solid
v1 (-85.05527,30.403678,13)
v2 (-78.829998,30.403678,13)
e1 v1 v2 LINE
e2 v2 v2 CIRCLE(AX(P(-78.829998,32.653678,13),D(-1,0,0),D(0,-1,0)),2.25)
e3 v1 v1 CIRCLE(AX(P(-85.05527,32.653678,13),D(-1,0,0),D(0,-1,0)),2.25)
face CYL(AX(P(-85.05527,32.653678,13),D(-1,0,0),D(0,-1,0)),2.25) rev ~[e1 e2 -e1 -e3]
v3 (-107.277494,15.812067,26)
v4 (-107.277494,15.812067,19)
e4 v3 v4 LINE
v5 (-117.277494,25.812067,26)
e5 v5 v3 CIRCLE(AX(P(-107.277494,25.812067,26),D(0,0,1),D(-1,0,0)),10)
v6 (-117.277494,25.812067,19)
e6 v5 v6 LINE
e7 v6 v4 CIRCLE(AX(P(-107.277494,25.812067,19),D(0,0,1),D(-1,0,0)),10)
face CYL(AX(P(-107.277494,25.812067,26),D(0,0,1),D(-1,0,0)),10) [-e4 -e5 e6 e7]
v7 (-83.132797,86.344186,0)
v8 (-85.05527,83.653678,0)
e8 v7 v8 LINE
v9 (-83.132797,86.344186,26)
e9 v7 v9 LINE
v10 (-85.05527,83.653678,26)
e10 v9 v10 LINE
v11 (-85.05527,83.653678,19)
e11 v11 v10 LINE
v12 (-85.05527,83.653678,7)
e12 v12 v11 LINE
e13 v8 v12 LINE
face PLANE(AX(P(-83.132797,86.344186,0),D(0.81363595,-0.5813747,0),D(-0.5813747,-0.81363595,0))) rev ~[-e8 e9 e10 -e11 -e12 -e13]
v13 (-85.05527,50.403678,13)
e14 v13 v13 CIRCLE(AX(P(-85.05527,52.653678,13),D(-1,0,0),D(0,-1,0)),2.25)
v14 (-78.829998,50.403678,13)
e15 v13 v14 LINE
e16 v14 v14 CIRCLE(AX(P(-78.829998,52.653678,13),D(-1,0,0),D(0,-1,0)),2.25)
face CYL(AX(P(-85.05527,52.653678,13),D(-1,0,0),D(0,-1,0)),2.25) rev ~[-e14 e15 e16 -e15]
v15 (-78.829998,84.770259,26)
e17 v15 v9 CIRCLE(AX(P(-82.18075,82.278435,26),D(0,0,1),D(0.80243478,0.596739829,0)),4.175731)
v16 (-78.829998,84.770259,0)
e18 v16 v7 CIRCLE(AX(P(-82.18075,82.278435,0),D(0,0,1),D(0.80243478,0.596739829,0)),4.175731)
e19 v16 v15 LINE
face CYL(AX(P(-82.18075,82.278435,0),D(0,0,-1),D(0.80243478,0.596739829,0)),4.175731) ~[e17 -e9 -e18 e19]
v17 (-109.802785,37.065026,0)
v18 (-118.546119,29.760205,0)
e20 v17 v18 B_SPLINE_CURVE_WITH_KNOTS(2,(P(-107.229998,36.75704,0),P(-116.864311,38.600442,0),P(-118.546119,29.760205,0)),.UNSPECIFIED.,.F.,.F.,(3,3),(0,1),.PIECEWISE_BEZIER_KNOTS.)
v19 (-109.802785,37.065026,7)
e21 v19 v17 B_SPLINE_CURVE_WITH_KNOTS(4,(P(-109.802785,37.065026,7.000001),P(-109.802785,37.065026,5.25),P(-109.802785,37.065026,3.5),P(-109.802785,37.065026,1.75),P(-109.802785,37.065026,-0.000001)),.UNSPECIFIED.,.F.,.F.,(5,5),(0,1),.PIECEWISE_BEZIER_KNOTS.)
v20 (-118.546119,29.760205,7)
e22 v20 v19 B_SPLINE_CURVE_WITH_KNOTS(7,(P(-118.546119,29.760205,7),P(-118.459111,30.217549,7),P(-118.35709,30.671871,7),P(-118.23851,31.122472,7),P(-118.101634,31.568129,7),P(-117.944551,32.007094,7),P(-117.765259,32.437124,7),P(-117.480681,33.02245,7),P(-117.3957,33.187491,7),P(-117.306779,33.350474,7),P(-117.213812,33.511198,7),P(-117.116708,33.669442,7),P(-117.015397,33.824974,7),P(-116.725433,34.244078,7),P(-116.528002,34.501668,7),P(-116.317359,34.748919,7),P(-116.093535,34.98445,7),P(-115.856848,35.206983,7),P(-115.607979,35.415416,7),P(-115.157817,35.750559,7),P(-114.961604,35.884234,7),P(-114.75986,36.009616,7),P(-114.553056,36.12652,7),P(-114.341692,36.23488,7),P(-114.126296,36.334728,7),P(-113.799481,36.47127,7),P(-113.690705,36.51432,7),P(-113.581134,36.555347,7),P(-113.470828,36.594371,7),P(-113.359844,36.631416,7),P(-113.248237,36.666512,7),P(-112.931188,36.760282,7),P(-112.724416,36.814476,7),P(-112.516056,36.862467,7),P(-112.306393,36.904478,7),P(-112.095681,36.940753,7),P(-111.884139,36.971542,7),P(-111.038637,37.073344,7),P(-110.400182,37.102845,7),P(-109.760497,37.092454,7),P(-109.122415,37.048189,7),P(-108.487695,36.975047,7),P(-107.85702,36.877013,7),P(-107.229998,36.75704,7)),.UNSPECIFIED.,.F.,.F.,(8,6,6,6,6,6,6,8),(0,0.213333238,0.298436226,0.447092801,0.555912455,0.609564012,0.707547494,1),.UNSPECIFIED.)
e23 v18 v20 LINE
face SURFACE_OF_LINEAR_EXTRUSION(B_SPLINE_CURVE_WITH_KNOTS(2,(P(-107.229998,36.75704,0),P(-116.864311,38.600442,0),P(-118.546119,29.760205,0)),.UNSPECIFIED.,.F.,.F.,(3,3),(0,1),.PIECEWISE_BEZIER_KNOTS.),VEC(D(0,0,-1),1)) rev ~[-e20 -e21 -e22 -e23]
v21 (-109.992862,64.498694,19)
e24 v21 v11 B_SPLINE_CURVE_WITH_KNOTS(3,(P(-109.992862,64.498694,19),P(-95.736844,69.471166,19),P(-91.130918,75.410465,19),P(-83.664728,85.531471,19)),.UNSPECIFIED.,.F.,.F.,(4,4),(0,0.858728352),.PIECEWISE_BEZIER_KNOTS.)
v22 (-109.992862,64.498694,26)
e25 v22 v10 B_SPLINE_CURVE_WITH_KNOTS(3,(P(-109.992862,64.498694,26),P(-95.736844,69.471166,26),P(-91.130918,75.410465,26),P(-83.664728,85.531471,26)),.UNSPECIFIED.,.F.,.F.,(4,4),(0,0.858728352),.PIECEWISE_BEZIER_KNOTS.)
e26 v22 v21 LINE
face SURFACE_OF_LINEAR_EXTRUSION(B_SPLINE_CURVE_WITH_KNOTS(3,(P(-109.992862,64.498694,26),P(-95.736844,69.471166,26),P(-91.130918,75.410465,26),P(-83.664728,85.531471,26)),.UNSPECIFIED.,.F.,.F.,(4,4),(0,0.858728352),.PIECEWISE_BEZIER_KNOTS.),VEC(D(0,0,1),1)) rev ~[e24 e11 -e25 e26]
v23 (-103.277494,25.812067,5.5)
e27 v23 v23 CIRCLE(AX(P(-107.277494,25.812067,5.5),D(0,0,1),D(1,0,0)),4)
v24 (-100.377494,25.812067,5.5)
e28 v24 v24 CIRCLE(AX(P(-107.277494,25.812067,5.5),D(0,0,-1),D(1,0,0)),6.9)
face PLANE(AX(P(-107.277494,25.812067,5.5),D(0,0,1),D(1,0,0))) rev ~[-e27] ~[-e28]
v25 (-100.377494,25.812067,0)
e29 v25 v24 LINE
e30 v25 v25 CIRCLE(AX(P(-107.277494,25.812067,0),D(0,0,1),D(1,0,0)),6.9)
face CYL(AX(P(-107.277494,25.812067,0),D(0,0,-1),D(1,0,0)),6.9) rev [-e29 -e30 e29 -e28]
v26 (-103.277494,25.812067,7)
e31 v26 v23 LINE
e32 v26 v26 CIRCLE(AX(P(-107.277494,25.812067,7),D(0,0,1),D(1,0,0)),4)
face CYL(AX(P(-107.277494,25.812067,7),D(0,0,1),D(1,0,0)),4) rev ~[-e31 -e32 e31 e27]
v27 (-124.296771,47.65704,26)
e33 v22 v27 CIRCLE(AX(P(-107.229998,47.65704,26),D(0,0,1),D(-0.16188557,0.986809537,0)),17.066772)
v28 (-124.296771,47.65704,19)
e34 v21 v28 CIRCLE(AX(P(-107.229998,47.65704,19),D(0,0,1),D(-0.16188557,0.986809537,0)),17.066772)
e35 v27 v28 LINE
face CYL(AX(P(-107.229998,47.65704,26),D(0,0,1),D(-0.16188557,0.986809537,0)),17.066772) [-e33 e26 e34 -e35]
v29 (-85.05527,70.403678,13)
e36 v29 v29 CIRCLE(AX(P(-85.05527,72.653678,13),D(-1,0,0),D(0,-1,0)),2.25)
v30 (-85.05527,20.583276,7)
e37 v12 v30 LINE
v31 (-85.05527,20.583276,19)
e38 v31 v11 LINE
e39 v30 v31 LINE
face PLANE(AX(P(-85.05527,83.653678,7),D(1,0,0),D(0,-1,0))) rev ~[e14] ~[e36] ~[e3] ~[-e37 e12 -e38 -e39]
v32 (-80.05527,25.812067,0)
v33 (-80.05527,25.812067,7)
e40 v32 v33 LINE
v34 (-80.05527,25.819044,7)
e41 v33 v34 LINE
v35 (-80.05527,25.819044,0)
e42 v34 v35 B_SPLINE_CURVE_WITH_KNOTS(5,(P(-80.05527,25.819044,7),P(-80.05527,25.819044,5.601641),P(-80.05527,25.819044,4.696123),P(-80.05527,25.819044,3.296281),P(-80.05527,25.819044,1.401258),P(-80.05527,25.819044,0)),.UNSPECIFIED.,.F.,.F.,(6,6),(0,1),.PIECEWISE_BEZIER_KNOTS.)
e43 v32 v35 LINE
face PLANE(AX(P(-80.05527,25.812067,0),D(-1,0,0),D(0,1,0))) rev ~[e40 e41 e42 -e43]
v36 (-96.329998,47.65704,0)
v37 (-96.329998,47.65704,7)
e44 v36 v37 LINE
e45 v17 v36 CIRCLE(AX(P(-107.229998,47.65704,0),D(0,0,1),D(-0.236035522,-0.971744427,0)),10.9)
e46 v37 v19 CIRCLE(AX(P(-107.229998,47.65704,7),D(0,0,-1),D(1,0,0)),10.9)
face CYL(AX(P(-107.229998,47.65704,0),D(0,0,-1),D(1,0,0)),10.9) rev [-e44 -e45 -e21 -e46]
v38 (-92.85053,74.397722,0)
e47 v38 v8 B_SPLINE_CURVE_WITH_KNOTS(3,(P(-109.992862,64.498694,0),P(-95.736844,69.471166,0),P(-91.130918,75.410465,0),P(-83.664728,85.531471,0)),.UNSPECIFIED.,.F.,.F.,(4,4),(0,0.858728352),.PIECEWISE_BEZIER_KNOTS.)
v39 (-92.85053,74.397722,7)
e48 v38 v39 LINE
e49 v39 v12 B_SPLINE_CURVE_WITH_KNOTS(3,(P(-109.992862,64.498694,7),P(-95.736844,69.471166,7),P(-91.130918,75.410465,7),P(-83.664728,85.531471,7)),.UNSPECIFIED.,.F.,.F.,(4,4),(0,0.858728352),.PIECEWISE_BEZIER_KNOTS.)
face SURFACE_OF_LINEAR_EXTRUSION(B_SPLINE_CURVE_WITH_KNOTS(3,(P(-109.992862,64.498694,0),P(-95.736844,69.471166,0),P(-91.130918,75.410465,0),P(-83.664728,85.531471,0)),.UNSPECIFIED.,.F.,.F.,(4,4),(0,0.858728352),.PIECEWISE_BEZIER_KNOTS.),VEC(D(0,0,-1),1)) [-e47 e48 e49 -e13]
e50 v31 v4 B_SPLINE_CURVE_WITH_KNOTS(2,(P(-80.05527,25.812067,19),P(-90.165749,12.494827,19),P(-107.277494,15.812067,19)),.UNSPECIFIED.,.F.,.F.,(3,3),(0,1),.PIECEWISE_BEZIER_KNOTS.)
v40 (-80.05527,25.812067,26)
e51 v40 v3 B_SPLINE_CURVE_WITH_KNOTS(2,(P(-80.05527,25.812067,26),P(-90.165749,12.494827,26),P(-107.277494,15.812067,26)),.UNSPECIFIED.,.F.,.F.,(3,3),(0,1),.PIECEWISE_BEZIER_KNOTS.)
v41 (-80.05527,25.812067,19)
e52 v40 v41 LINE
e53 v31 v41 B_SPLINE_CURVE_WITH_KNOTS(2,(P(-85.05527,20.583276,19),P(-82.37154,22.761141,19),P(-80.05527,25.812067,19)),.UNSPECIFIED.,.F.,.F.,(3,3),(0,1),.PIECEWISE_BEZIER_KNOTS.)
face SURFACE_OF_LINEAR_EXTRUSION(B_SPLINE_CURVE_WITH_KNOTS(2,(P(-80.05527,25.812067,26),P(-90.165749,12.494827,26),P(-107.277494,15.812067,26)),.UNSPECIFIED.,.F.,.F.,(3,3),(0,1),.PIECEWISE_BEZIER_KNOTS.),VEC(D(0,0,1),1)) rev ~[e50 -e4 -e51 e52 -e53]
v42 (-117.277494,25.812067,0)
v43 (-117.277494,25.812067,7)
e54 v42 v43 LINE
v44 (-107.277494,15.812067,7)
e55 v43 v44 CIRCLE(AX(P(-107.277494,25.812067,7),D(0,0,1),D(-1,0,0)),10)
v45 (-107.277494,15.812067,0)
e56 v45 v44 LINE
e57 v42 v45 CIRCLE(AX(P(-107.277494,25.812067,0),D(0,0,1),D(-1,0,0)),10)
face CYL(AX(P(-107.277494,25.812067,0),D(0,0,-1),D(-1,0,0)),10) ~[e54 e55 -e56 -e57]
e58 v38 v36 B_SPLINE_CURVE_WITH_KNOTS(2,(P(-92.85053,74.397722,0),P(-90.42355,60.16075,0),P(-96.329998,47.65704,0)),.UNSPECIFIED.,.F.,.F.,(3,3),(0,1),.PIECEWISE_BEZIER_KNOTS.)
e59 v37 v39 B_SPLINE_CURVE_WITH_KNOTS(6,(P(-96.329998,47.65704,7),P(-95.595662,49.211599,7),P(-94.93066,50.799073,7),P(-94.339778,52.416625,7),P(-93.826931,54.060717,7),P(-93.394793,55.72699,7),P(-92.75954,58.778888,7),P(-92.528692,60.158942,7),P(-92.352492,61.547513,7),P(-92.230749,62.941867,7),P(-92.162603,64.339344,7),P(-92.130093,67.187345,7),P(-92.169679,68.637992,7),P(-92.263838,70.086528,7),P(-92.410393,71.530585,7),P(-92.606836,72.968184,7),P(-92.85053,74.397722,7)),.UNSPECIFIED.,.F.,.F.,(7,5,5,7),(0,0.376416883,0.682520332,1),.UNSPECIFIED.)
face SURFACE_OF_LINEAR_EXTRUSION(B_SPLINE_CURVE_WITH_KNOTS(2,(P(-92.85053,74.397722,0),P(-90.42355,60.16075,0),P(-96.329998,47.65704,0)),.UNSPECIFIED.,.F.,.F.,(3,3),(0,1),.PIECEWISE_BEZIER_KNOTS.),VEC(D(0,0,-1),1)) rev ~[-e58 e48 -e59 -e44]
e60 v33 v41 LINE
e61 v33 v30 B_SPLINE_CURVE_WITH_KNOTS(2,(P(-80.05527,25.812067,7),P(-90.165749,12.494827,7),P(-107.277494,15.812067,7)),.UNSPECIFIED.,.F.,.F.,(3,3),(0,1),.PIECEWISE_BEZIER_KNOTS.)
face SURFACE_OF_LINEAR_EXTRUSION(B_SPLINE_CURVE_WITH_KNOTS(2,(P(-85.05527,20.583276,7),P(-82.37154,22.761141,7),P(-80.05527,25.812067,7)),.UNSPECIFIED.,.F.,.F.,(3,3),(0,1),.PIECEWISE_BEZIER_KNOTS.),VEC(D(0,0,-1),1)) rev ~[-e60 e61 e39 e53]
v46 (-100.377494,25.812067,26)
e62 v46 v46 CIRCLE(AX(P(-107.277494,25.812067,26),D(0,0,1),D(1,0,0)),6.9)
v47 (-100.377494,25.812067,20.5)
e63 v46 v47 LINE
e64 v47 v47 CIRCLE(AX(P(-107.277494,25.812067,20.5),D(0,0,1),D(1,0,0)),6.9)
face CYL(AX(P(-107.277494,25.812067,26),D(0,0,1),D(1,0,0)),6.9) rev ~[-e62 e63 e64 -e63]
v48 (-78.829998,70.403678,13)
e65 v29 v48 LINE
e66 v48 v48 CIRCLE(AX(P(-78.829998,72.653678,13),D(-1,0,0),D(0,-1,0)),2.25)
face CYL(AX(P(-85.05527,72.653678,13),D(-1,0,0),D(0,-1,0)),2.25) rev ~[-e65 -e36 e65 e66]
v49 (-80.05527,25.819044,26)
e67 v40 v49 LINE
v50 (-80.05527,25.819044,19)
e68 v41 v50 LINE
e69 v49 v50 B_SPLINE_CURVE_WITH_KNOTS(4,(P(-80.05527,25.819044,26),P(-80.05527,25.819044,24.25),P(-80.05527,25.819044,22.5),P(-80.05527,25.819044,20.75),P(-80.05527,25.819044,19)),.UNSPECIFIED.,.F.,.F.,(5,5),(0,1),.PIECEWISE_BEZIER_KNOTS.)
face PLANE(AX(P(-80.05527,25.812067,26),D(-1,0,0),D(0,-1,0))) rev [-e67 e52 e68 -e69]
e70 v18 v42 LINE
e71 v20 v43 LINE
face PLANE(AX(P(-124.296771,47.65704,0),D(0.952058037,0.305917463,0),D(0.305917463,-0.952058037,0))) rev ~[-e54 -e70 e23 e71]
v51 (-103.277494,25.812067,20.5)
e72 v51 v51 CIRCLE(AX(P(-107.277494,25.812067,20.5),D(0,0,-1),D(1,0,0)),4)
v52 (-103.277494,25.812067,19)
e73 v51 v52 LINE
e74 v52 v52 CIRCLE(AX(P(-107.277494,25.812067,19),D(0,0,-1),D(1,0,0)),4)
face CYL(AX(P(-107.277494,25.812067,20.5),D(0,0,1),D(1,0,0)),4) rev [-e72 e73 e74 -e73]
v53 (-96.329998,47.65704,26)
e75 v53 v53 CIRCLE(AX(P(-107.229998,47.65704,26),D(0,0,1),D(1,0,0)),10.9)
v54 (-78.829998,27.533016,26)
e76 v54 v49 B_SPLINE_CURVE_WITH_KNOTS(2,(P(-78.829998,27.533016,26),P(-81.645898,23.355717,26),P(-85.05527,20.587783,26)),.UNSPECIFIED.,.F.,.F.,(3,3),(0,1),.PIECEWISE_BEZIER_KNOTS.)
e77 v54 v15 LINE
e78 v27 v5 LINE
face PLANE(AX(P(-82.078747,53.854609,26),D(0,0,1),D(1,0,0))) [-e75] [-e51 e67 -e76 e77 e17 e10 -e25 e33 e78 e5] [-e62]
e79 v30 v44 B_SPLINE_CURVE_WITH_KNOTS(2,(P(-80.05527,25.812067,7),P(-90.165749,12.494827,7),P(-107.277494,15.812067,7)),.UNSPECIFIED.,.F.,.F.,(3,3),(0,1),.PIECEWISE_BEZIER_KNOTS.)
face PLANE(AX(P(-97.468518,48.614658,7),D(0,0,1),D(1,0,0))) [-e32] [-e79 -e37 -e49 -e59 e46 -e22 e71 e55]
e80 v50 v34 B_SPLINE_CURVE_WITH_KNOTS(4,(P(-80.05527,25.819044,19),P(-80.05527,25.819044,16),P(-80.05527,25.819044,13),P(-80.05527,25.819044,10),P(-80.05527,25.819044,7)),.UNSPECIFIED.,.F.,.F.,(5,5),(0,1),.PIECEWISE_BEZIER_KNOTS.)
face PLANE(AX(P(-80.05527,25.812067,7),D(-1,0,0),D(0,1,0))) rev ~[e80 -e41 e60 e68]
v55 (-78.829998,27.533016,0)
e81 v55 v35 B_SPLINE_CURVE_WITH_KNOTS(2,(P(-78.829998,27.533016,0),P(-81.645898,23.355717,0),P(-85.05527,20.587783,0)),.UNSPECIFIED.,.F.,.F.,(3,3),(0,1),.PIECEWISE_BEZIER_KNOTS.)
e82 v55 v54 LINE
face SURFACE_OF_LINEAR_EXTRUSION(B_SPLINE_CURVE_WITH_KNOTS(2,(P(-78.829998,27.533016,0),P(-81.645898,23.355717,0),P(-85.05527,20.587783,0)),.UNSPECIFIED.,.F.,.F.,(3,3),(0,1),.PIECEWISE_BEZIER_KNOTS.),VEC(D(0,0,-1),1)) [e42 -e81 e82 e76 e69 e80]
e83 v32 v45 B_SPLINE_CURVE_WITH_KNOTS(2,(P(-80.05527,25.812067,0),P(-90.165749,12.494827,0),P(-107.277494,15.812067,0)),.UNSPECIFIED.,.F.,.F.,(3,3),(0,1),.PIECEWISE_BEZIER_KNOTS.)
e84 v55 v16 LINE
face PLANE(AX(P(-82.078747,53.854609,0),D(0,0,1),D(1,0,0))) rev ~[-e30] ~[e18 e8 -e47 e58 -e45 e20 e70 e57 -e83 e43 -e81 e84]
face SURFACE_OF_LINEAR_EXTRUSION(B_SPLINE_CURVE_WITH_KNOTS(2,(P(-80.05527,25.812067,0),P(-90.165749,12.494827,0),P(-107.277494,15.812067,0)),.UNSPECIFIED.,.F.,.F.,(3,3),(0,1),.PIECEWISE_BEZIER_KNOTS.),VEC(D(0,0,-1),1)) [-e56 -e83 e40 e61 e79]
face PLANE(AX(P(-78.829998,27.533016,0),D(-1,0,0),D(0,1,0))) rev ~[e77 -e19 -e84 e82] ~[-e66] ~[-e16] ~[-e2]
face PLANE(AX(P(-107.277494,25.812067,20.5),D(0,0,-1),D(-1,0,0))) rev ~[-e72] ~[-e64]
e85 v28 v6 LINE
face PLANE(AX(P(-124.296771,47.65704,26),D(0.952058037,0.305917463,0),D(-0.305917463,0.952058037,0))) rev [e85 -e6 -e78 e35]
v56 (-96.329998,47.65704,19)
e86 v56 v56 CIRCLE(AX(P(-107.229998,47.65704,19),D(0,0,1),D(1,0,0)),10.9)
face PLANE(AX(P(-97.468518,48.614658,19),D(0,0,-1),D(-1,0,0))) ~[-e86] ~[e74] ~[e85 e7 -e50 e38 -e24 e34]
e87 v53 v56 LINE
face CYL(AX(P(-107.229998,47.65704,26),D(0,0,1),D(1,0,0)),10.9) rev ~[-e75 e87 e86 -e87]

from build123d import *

# Parameters (mm, degrees)
SKETCH1_R           = 6.9
SKETCH1_R_2         = 10.9
BOSS_EXTRUDE1_DEPTH = 7
BOSS_EXTRUDE2_DEPTH = 12
CUT_EXTRUDE1_DEPTH  = 13
BOSS_EXTRUDE3_DEPTH = 26
SKETCH5_R           = 7.973914392
SKETCH5_R_2         = 4
BOSS_EXTRUDE4_DEPTH = 1.5
BOSS_EXTRUDE5_START = -1.5
SKETCH6_R           = 8.491099949
SKETCH6_R_2         = 4
BOSS_EXTRUDE5_DEPTH = 1.5
SKETCH7_R           = 2.25
CUT_EXTRUDE2_DEPTH  = 99.438905233


with BuildPart() as part:
    # Sketch1 → Boss-Extrude1 (new body)
    with BuildSketch(Plane.XY):
        with BuildLine():
            ThreePointArc((-109.99286225, 64.498694041), (-120.238224228, 58.705152002), (-124.296770504, 47.657040238))
            Line((-124.296770504, 47.657040238), (-117.277493754, 25.812066819))
            ThreePointArc((-117.277493754, 25.812066819), (-114.348561566, 18.740999007), (-107.277493754, 15.812066819))
            add(Edge.make_bspline(
                [(-80.055270229, 25.812066819), (-90.16574855, 12.494826539), (-107.277493754, 15.812066819)],
                knots=[0, 0, 0, 1, 1, 1], degree=2))
            Line((-80.055270229, 25.812066819), (-80.055270229, 84.34418562))
            ThreePointArc((-80.055270229, 84.34418562), (-81.43033647, 86.24404293), (-83.664728026, 85.531470589))
            add(Edge.make_bspline(
                [(-109.99286225, 64.498694041), (-95.736844246, 69.471166394), (-91.130917767, 75.410465429), (-83.664728026, 85.531470589)],
                knots=[0, 0, 0, 0, 0.858728352, 0.858728352, 0.858728352, 0.858728352], degree=3))
        make_face()
        with Locations((-107.277493754, 25.812066819)):
            Circle(SKETCH1_R, mode=Mode.SUBTRACT)
        with Locations((-107.22999807, 47.657040238)):
            Circle(SKETCH1_R_2, mode=Mode.SUBTRACT)
    boss_extrude1 = extrude(amount=BOSS_EXTRUDE1_DEPTH)

    # Sketch2 → Boss-Extrude2 (add)
    with BuildSketch(Plane.XY.offset(7)):
        with BuildLine():
            Line((-85.055270217, 83.653678118), (-85.055270217, 20.583275514))
            add(Edge.make_bspline(
                [(-85.055270217, 20.583275514), (-82.371539661, 22.76114127), (-80.055270217, 25.812066834)],
                knots=[0, 0, 0, 1, 1, 1], degree=2))
            Line((-80.055270217, 25.812066834), (-80.055270229, 84.34418562))
            ThreePointArc((-80.055270229, 84.34418562), (-81.43033647, 86.24404293), (-83.664728026, 85.531470589))
            add(Edge.make_bspline(
                [(-83.664728026, 85.531470589), (-84.138702239, 84.888961408), (-84.601149423, 84.263304749), (-85.055270217, 83.653678118)],
                knots=[0, 0, 0, 0, 0.054514432, 0.054514432, 0.054514432, 0.054514432], degree=3))
        make_face()
    extrude(amount=BOSS_EXTRUDE2_DEPTH)

    # Mirror1: Boss-Extrude1 across plane
    add(boss_extrude1.mirror(Plane.XY.offset(13)))

    # Sketch3 → Cut-Extrude1 (cut)
    with BuildSketch(Plane(origin=(0, 0, 0), x_dir=(-1, 0, 0), z_dir=(0, 0, -1))):
        with BuildLine():
            Line((92.850529653, 74.397721592), (144.531216933, 88.865819457))
            Line((144.531216933, 88.865819457), (118.546118501, 29.760204905))
            add(Edge.make_bspline(
                [(107.22999807, 36.757040238), (116.864311021, 38.600442381), (118.546118501, 29.760204905)],
                knots=[0, 0, 0, 1, 1, 1], degree=2))
            ThreePointArc((107.22999807, 36.757040238), (99.522534155, 39.949576323), (96.32999807, 47.657040238))
            add(Edge.make_bspline(
                [(92.850529653, 74.397721592), (90.423550402, 60.160750292), (96.32999807, 47.657040238)],
                knots=[0, 0, 0, 1, 1, 1], degree=2))
        make_face()
    extrude(amount=-CUT_EXTRUDE1_DEPTH, mode=Mode.SUBTRACT)

    # Sketch4 → Boss-Extrude3 (add)
    with BuildSketch(Plane(origin=(0, 0, 0), x_dir=(-1, 0, 0), z_dir=(0, 0, -1))):
        with BuildLine():
            Line((83.132797407, 86.34418562), (85.055270217, 83.653678118))
            Line((85.055270217, 83.653678118), (85.055270214, 20.587782524))
            add(Edge.make_bspline(
                [(78.82999807, 27.533016311), (81.645897876, 23.355716893), (85.055270214, 20.587782524)],
                knots=[0, 0, 0, 1, 1, 1], degree=2))
            Line((78.82999807, 27.533016311), (78.82999807, 84.770259389))
            ThreePointArc((78.82999807, 84.770259389), (80.746261593, 86.200037671), (83.132797407, 86.34418562))
        make_face()
    extrude(amount=-BOSS_EXTRUDE3_DEPTH)

    # Sketch5 → Boss-Extrude4 (add)
    with BuildSketch(Plane.XY.offset(7)):
        with Locations((-107.277493754, 25.812066819)):
            Circle(SKETCH5_R)
        with Locations((-107.277493754, 25.812066819)):
            Circle(SKETCH5_R_2, mode=Mode.SUBTRACT)
    extrude(amount=-BOSS_EXTRUDE4_DEPTH)

    # Sketch6 → Boss-Extrude5 (add)
    with BuildSketch(Plane(origin=(0, 0, 19), x_dir=(-1, 0, 0), z_dir=(0, 0, -1)).offset(BOSS_EXTRUDE5_START)):
        with Locations((107.277493754, 25.812066819)):
            Circle(SKETCH6_R)
        with Locations(Location((107.277493754, 25.812066819, 0), (0, 0, 180))):
            Circle(SKETCH6_R_2, mode=Mode.SUBTRACT)
    extrude(amount=BOSS_EXTRUDE5_DEPTH)

    # Sketch7 → Cut-Extrude2 (cut, through all)
    with BuildSketch(Plane.ZY.offset(85.055270217)):
        with Locations(Location((13, 32.653678118, 0), (0, 0, 270))):
            Circle(SKETCH7_R)
        with Locations(Location((13, 52.653678118, 0), (0, 0, 270))):
            Circle(SKETCH7_R)
        with Locations(Location((13, 72.653678118, 0), (0, 0, 270))):
            Circle(SKETCH7_R)
    extrude(amount=-CUT_EXTRUDE2_DEPTH, mode=Mode.SUBTRACT)


solid = part.part
